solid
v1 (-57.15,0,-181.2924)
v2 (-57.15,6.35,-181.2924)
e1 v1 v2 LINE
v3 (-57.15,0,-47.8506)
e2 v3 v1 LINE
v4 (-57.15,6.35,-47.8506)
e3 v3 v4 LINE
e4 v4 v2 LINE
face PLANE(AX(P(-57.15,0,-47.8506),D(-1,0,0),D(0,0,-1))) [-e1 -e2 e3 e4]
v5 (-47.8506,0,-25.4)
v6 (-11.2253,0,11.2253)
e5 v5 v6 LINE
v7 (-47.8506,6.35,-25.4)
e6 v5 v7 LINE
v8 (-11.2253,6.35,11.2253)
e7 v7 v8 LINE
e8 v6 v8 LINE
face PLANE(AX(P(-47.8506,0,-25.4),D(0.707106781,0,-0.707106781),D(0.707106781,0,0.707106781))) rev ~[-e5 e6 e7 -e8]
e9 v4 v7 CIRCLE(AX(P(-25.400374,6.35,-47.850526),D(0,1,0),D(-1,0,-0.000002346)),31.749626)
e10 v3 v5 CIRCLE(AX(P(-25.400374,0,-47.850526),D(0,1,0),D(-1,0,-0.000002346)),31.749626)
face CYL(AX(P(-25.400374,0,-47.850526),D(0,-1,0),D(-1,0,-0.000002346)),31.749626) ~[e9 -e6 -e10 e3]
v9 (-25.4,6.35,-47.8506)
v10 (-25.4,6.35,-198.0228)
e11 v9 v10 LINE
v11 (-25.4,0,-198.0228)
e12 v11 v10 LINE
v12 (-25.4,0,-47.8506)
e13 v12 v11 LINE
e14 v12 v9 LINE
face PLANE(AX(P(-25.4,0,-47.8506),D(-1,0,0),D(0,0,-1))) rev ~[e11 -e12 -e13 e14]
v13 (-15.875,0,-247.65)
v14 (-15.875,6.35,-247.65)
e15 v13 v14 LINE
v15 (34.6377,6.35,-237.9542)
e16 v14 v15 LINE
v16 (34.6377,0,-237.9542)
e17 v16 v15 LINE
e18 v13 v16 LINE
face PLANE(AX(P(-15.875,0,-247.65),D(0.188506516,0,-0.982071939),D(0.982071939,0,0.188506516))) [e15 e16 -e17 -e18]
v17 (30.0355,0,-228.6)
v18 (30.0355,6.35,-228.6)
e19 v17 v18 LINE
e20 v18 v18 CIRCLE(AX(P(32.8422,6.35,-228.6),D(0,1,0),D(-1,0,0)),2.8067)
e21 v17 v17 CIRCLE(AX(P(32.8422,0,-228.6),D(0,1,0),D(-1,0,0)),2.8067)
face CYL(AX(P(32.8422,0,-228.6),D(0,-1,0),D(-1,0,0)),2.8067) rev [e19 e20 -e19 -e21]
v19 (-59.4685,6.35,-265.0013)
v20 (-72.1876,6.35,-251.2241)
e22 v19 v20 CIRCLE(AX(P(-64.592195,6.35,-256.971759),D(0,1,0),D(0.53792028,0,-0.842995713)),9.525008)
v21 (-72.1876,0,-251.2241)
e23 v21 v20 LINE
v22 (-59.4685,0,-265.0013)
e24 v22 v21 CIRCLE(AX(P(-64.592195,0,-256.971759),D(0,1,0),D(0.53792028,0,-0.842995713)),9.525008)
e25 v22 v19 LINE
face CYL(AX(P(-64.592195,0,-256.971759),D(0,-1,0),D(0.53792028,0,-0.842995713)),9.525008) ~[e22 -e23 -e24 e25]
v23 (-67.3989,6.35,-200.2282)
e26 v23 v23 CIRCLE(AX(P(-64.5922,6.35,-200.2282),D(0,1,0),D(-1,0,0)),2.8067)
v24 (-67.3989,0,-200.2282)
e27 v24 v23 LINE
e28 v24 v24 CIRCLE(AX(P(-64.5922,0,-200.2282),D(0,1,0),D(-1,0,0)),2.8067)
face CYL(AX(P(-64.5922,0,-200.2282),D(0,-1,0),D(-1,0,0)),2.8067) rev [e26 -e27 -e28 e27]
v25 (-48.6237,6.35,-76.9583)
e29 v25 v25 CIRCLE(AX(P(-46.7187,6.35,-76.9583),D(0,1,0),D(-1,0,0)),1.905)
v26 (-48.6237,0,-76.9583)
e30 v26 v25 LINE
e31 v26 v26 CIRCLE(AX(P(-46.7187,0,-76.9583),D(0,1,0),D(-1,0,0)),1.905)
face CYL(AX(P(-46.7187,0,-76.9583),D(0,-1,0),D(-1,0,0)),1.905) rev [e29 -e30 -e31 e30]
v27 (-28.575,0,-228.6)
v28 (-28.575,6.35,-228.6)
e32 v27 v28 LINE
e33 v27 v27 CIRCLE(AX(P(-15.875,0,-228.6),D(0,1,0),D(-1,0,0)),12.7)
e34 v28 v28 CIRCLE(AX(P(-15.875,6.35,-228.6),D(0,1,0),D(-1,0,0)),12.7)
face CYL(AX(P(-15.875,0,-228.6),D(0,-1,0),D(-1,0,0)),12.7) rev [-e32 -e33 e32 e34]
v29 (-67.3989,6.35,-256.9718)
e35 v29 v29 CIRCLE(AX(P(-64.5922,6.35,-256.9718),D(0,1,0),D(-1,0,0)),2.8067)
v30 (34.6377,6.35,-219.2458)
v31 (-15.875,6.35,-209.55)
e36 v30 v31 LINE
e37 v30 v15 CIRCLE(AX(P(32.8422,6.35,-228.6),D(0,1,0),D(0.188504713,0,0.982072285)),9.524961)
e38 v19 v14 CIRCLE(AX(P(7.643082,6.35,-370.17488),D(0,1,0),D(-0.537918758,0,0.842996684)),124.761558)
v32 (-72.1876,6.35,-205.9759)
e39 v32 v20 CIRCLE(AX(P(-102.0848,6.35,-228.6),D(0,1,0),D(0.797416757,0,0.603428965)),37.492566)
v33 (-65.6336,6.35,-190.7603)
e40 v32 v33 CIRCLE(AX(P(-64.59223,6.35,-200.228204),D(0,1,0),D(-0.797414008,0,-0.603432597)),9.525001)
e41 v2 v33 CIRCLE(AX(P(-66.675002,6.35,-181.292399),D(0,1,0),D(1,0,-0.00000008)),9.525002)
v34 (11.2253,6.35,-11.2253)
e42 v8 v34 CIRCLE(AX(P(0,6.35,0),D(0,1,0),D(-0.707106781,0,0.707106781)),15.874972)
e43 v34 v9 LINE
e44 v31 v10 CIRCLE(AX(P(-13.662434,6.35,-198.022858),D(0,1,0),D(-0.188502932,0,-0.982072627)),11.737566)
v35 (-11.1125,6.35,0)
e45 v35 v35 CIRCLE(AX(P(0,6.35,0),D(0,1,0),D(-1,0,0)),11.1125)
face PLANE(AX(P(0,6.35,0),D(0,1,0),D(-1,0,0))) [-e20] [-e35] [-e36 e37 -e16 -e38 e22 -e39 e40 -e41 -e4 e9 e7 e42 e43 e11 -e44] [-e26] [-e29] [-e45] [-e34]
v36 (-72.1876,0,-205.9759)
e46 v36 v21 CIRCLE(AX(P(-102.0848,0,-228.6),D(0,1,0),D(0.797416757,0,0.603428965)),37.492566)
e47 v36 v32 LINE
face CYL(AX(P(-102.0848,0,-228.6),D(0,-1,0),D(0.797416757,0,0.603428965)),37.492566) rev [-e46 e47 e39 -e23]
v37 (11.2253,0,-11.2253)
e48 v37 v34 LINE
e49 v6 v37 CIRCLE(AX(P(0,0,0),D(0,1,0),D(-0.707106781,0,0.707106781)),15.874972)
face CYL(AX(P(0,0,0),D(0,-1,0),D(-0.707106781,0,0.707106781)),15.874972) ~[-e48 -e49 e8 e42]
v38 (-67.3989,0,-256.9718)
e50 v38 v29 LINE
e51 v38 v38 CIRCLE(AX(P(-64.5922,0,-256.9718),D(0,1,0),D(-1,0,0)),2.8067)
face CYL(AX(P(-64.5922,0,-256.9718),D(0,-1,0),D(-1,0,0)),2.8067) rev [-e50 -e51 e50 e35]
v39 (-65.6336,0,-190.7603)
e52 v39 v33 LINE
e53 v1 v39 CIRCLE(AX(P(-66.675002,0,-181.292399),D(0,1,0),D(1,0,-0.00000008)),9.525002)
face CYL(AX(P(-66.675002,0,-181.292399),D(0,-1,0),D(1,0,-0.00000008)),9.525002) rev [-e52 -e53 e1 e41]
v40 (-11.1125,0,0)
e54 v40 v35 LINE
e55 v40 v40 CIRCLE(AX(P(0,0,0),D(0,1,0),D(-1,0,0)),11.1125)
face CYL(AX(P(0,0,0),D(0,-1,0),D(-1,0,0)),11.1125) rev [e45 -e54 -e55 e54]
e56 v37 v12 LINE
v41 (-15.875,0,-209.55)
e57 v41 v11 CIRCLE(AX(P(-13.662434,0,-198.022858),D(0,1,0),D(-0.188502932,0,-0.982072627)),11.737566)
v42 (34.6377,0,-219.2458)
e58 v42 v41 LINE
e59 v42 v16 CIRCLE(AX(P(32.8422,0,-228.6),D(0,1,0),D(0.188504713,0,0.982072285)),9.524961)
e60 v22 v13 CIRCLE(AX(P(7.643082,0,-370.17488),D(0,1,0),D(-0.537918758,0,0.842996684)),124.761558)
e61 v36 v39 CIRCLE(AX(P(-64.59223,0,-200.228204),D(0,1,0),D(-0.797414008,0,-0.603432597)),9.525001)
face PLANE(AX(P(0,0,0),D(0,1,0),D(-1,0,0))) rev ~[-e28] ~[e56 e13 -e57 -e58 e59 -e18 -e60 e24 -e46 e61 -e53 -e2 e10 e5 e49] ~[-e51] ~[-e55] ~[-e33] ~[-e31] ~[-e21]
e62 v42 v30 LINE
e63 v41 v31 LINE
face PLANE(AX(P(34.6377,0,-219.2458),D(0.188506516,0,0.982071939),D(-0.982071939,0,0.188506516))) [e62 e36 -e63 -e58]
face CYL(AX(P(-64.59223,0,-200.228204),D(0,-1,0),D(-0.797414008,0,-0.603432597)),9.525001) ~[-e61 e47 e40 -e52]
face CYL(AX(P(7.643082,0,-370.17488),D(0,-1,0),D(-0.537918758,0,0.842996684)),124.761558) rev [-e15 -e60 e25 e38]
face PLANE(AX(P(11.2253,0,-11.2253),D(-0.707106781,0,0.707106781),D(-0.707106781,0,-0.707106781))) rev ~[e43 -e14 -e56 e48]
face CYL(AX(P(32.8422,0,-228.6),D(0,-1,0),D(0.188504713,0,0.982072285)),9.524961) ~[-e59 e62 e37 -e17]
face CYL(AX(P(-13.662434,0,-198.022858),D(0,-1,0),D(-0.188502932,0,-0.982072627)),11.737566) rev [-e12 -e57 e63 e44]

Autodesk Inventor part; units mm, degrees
ref_plane "YZ Plane" through (0, 0, 0) normal (1, 0, 0) x (0, 1, 0)
ref_plane "XZ Plane" through (0, 0, 0) normal (0, 1, 0) x (-1, 0, 0)
ref_plane "XY Plane" through (0, 0, 0) normal (0, 0, 1) x (1, 0, 0)
sketch "Sketch1" plane through (0, 0, 0) normal (0, 1, 0) x (-1, 0, 0)
  circle A0 centre (0, 0) radius 11.1125
  line L0 (0, -228.6) -> (0, 0) construction
  line L1 (15.875, -228.6) -> (0, -228.6) construction
  circle A1 centre (15.875, -228.6) radius 12.7
  line L2 (25.4, -47.8506) -> (25.4, -198.0228)
  line L3 (57.15, -47.8506) -> (57.15, -181.2924)
  arc A2 (11.2253, 11.2253) -> (-11.2253, -11.2253) centre (0, 0) ccw
  line L4 (-11.2253, -11.2253) -> (25.4, -47.8506)
  arc A3 (57.15, -47.8506) -> (47.8506, -25.4) centre (25.4, -47.8506) ccw
  line L5 (47.8506, -25.4) -> (11.2253, 11.2253)
  circle A4 centre (64.5922, -200.2282) radius 2.8067
  circle A5 centre (64.5922, -256.9718) radius 2.8067
  line L6 (64.5922, -256.9718) -> (64.5922, -200.2282) construction
  line L7 (15.875, -228.6) -> (64.5922, -228.6) construction
  line L8 (15.875, -228.6) -> (-32.8422, -228.6) construction
  circle A6 centre (-32.8422, -228.6) radius 2.8067
  arc A7 (-34.6377, -219.2458) -> (-34.6377, -237.9542) centre (-32.8422, -228.6) ccw
  arc A8 (59.4685, -265.0013) -> (72.1876, -251.2241) centre (64.5922, -256.9718) ccw
  arc A9 (72.1876, -205.9759) -> (65.6336, -190.7603) centre (64.5922, -200.2282) ccw
  line L9 (15.875, -247.65) -> (-34.6377, -237.9542)
  line L10 (15.875, -247.65) -> (15.875, -228.6) construction
  arc A10 (59.4685, -265.0013) -> (15.875, -247.65) centre (-7.6434, -370.1755) ccw
  arc A11 (72.1876, -205.9759) -> (72.1876, -251.2241) centre (102.0848, -228.6) ccw
  arc A12 (57.15, -181.2924) -> (65.6336, -190.7603) centre (66.675, -181.2924) ccw
  line L11 (-34.6377, -219.2458) -> (15.875, -209.55)
  arc A13 (15.875, -209.55) -> (25.4, -198.0228) centre (13.6624, -198.0228) ccw
  line L12 (15.875, -228.6) -> (15.875, -209.55) construction
  line L13 (15.875, -228.6) -> (0, 0) construction
  line L14 (5.5429, -79.8178) -> (46.7187, -76.9583) construction
  circle A14 centre (46.7187, -76.9583) radius 1.905
  line L15 (74.1172, -266.4968) -> (-42.3672, -266.4968) construction
  line L16 (-42.3672, -266.4968) -> (-42.3672, 15.875) construction
  line L17 (-42.3672, 15.875) -> (74.1172, 15.875) construction
  line L18 (74.1172, 15.875) -> (74.1172, -266.4968) construction
  dimension "d0" = 22.225
  dimension "d2" = 228.6
  dimension "d7" = 25.4
  dimension "d17" = 31.75
  dimension "d18" = 45
  dimension "d20" = 25.4
  dimension "d21" = 56.7436
  dimension "d22" = 5.6134
  dimension "d23" = 48.7172
  dimension "d24" = 48.7172
  dimension "d25" = 9.525
  dimension "d26" = 19.05
  dimension "d27" = 19.05
  dimension "d28" = 15.875
  dimension "d29" = 3.81
  dimension "d31" = 41.275
  dimension "d32" = 80.01
  dimension "d33" = 282.3718
  dimension "d34" = 116.4844
extrude "Extrusion1" add sketch "Sketch1" along normal blind 6.35
equation "\"d24\" = d23"
equation "\"d27\" = d26"
properties part number "Intake Arms"
